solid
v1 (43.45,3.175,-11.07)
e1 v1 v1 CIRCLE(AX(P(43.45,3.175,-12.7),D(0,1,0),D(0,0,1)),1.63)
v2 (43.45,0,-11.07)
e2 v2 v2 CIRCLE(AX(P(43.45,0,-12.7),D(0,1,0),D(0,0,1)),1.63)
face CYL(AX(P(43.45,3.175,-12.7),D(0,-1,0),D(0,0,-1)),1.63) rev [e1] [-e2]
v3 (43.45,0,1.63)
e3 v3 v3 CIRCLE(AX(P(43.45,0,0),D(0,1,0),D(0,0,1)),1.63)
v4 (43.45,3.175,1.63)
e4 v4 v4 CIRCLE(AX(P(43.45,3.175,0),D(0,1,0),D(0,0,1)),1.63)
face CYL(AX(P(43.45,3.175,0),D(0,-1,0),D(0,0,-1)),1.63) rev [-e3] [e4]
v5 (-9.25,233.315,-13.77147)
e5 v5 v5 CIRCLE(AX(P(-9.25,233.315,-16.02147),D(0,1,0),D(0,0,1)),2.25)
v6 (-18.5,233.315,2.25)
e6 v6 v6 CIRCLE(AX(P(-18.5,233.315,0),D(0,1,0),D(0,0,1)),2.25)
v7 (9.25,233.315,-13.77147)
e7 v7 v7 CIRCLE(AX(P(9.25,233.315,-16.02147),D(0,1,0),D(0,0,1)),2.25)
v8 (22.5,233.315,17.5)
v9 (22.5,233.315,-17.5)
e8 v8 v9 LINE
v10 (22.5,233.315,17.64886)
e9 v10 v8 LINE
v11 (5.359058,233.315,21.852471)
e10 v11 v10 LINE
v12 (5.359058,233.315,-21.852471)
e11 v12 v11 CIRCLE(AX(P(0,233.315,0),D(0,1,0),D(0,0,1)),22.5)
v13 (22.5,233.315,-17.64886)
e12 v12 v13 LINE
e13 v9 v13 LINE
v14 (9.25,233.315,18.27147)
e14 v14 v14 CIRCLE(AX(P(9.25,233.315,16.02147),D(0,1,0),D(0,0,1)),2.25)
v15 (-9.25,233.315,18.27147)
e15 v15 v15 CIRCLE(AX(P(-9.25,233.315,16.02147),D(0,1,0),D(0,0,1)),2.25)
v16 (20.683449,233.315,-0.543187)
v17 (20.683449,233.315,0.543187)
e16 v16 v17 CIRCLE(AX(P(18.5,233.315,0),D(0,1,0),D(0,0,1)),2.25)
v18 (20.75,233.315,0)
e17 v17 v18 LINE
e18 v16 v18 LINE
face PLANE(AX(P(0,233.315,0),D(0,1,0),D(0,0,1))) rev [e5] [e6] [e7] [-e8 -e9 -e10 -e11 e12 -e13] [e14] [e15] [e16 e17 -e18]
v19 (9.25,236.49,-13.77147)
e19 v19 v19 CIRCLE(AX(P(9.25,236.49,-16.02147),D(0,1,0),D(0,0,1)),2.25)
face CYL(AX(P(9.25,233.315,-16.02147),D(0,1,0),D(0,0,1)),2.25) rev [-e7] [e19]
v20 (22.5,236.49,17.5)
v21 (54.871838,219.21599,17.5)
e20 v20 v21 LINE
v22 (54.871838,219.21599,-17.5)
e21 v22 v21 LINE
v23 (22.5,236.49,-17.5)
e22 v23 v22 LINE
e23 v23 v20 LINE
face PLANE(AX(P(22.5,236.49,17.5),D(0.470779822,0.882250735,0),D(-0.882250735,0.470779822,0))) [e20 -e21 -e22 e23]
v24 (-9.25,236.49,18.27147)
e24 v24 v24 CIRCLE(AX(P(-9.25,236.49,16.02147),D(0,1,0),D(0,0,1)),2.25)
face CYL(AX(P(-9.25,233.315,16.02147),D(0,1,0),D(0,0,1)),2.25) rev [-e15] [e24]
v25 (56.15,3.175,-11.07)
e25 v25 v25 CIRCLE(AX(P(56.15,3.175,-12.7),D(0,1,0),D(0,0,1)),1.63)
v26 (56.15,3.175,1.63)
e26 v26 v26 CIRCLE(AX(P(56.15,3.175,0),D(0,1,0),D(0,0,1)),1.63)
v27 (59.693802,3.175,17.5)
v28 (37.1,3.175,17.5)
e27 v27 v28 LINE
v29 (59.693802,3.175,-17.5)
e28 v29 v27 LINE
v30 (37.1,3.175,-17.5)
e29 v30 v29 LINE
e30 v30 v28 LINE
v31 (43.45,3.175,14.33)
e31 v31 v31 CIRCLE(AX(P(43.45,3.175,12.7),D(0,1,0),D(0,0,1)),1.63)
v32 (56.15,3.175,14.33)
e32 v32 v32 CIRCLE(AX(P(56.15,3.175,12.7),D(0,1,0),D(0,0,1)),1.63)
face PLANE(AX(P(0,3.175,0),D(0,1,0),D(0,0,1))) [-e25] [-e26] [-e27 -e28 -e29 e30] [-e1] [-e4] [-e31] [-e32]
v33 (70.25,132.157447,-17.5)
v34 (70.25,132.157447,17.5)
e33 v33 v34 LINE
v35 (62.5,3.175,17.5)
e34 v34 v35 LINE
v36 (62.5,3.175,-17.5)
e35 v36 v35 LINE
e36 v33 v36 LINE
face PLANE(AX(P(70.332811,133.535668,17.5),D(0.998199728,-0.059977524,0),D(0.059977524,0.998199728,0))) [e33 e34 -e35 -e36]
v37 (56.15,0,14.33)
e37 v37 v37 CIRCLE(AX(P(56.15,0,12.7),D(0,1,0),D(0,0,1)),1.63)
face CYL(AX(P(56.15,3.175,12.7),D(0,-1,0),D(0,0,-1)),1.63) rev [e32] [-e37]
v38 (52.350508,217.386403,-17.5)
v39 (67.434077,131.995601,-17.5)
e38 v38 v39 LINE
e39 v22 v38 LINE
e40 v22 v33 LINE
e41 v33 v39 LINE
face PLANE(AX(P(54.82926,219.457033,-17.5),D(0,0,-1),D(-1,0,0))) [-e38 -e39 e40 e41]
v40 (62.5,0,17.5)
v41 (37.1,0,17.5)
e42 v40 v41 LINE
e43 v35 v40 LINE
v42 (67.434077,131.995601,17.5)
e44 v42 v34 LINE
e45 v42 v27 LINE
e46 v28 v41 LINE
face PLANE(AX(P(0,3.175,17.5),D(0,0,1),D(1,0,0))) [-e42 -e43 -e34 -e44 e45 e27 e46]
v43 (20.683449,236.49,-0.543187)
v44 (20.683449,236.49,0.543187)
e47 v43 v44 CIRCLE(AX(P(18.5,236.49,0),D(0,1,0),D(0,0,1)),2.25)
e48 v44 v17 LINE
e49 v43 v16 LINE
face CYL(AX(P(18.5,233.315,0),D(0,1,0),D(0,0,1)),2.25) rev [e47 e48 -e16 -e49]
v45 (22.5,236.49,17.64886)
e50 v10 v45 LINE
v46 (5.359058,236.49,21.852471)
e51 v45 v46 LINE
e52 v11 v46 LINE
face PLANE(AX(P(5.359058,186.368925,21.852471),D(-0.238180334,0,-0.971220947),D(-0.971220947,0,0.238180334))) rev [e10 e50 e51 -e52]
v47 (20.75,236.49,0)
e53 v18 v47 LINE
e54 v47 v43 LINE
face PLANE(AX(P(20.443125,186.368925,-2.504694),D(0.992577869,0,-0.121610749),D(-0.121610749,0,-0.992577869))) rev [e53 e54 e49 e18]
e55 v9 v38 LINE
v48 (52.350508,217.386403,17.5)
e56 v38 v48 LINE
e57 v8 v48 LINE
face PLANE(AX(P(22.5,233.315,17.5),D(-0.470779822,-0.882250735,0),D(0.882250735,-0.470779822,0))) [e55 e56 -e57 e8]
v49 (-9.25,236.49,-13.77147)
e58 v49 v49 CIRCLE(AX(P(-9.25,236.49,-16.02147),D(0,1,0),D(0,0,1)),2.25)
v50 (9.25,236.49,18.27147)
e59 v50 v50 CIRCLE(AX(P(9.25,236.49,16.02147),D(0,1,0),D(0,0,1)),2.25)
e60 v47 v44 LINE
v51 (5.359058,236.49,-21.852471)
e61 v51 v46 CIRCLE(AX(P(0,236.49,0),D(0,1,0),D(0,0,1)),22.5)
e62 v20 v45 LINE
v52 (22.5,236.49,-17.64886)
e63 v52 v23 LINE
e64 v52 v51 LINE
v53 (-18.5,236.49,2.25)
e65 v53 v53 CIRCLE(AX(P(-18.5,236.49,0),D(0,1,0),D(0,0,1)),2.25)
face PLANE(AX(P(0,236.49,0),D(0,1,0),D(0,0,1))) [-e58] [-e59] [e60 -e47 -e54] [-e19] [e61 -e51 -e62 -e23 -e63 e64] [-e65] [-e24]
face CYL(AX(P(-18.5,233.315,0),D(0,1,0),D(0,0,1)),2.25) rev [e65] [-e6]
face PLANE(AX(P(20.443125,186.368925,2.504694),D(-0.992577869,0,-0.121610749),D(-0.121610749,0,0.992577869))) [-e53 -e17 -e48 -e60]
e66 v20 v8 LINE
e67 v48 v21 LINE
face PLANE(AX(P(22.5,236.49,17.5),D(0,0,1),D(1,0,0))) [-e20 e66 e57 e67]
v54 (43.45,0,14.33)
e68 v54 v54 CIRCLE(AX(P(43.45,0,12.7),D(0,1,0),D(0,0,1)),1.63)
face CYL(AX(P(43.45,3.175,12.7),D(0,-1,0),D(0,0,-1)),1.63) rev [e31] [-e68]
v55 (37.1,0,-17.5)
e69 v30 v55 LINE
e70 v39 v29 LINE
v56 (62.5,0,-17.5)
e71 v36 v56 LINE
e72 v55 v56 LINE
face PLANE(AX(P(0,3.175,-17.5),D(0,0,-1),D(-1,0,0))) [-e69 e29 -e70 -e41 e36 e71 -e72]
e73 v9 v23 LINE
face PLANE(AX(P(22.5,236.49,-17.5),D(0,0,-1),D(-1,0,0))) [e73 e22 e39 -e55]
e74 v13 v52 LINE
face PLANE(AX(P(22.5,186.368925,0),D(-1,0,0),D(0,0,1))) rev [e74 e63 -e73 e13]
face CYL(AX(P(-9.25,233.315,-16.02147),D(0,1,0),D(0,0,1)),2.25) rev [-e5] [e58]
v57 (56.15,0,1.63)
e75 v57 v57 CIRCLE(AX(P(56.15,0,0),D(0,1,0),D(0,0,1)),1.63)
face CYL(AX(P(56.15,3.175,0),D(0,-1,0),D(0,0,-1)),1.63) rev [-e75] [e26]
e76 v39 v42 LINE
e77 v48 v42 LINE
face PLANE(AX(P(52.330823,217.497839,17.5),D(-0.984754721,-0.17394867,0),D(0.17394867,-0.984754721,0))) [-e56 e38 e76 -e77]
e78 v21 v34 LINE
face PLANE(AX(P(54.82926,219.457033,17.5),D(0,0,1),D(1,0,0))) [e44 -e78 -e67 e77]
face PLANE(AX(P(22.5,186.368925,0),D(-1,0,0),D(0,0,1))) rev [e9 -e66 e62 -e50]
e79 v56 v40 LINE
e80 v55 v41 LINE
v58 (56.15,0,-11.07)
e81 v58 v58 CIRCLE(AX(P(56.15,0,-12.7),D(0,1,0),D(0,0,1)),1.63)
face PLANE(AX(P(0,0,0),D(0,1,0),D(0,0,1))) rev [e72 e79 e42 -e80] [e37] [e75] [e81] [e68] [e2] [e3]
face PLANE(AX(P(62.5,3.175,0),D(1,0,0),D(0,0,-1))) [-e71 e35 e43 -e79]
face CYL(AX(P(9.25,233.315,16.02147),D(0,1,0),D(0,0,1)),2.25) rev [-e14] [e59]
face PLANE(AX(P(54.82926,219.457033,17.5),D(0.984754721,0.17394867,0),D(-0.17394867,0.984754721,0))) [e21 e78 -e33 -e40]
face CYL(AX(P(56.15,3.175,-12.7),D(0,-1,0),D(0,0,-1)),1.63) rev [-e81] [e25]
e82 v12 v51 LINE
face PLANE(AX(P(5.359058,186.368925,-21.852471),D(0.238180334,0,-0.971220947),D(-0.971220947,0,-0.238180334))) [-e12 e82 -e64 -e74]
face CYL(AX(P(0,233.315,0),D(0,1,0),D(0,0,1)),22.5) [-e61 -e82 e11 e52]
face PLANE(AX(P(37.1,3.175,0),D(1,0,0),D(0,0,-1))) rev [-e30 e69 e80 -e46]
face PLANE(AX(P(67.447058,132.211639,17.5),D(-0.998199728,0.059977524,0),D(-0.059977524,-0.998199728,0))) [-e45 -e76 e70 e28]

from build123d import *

# Parameters (mm, degrees)
SKETCH2_R               = 22.5
SKETCH2_R_2             = 2.25
BOSS_EXTRUDE1_DEPTH     = 3.175
SKETCH1_W               = 25.4
SKETCH1_H               = 35
SKETCH1_R               = 1.63
BOSS_EXTRUDE2_DEPTH     = 3.175
BOSS_EXTRUDE6_DEPTH     = 3.175
TOP_CONNECTION_SKETCH_W = 35
TOP_CONNECTION_SKETCH_H = 3.175


with BuildPart() as part:
    # Sketch2 → Boss-Extrude1 (new body)
    with BuildSketch(Plane(origin=(0, 236.49, 0), x_dir=(1, 0, 0), z_dir=(0, 1, 0))):
        with Locations(Location((0, 0, 0), (0, 0, 270))):
            Circle(SKETCH2_R)
        with Locations(Location((9.25, 16.02146997, 0), (0, 0, 270))):
            Circle(SKETCH2_R_2, mode=Mode.SUBTRACT)
        with Locations(Location((18.5, 0, 0), (0, 0, 270))):
            Circle(SKETCH2_R_2, mode=Mode.SUBTRACT)
        with Locations(Location((9.25, -16.02146997, 0), (0, 0, 270))):
            Circle(SKETCH2_R_2, mode=Mode.SUBTRACT)
        with Locations(Location((-9.25, -16.02146997, 0), (0, 0, 270))):
            Circle(SKETCH2_R_2, mode=Mode.SUBTRACT)
        with Locations(Location((-18.5, 0, 0), (0, 0, 270))):
            Circle(SKETCH2_R_2, mode=Mode.SUBTRACT)
        with Locations(Location((-9.25, 16.02146997, 0), (0, 0, 270))):
            Circle(SKETCH2_R_2, mode=Mode.SUBTRACT)
    extrude(amount=-BOSS_EXTRUDE1_DEPTH)

    # Sketch8 → Boss-Extrude6 (add)
    with BuildSketch(Plane(origin=(0, 236.49, 0), x_dir=(1, 0, 0), z_dir=(0, 1, 0))):
        Polygon((22.5, -17.648859957), (22.5, 0), (20.75, 0), (19.341522111, -11.495891545), (5.359057513, -21.852471315), align=None)
        Polygon((22.5, 0), (22.5, 17.648859957), (5.359057513, 21.852471315), (19.341522111, 11.495891545), (20.75, 0), align=None)
    extrude(amount=-BOSS_EXTRUDE6_DEPTH)



with BuildPart() as body_2:
    # Sketch1 → Boss-Extrude2 (new body)
    with BuildSketch(Plane(origin=(0, 0, 0), x_dir=(1, 0, 0), z_dir=(0, 1, 0))):
        with Locations((49.8, 0)):
            Rectangle(SKETCH1_W, SKETCH1_H)
        with Locations(Location((43.45, 0, 0), (0, 0, 270))):
            Circle(SKETCH1_R, mode=Mode.SUBTRACT)
        with Locations(Location((56.15, 0, 0), (0, 0, 270))):
            Circle(SKETCH1_R, mode=Mode.SUBTRACT)
        with Locations(Location((43.45, 12.7, 0), (0, 0, 270))):
            Circle(SKETCH1_R, mode=Mode.SUBTRACT)
        with Locations(Location((56.15, 12.7, 0), (0, 0, 270))):
            Circle(SKETCH1_R, mode=Mode.SUBTRACT)
        with Locations(Location((43.45, -12.7, 0), (0, 0, 270))):
            Circle(SKETCH1_R, mode=Mode.SUBTRACT)
        with Locations(Location((56.15, -12.7, 0), (0, 0, 270))):
            Circle(SKETCH1_R, mode=Mode.SUBTRACT)
    extrude(amount=BOSS_EXTRUDE2_DEPTH)


with BuildPart() as part_1:
    add(part.part)

    add(body_2.part)  # Sweep1 merges body 2
    # Sweep1: sweep along a curve in space
    with BuildLine() as sweep1_path:
        Line((22.5, 236.49, 0), (54.871837923, 219.215989902, 0))
        Line((70.25, 132.157447282, 0), (54.871837923, 219.215989902, 0))
        Line((62.5, 3.175, 0), (70.25, 132.157447282, 0))
    # Top_Connection_Sketch → Sweep1 (sweep)
    with BuildSketch(Plane(origin=(22.5, 0, 0), x_dir=(0, 0, -1), z_dir=(1, 0, 0))):
        with Locations((0, 234.9025)):
            Rectangle(TOP_CONNECTION_SKETCH_W, TOP_CONNECTION_SKETCH_H)
    sweep(path=sweep1_path.line, transition=Transition.RIGHT)


solid = part_1.part
